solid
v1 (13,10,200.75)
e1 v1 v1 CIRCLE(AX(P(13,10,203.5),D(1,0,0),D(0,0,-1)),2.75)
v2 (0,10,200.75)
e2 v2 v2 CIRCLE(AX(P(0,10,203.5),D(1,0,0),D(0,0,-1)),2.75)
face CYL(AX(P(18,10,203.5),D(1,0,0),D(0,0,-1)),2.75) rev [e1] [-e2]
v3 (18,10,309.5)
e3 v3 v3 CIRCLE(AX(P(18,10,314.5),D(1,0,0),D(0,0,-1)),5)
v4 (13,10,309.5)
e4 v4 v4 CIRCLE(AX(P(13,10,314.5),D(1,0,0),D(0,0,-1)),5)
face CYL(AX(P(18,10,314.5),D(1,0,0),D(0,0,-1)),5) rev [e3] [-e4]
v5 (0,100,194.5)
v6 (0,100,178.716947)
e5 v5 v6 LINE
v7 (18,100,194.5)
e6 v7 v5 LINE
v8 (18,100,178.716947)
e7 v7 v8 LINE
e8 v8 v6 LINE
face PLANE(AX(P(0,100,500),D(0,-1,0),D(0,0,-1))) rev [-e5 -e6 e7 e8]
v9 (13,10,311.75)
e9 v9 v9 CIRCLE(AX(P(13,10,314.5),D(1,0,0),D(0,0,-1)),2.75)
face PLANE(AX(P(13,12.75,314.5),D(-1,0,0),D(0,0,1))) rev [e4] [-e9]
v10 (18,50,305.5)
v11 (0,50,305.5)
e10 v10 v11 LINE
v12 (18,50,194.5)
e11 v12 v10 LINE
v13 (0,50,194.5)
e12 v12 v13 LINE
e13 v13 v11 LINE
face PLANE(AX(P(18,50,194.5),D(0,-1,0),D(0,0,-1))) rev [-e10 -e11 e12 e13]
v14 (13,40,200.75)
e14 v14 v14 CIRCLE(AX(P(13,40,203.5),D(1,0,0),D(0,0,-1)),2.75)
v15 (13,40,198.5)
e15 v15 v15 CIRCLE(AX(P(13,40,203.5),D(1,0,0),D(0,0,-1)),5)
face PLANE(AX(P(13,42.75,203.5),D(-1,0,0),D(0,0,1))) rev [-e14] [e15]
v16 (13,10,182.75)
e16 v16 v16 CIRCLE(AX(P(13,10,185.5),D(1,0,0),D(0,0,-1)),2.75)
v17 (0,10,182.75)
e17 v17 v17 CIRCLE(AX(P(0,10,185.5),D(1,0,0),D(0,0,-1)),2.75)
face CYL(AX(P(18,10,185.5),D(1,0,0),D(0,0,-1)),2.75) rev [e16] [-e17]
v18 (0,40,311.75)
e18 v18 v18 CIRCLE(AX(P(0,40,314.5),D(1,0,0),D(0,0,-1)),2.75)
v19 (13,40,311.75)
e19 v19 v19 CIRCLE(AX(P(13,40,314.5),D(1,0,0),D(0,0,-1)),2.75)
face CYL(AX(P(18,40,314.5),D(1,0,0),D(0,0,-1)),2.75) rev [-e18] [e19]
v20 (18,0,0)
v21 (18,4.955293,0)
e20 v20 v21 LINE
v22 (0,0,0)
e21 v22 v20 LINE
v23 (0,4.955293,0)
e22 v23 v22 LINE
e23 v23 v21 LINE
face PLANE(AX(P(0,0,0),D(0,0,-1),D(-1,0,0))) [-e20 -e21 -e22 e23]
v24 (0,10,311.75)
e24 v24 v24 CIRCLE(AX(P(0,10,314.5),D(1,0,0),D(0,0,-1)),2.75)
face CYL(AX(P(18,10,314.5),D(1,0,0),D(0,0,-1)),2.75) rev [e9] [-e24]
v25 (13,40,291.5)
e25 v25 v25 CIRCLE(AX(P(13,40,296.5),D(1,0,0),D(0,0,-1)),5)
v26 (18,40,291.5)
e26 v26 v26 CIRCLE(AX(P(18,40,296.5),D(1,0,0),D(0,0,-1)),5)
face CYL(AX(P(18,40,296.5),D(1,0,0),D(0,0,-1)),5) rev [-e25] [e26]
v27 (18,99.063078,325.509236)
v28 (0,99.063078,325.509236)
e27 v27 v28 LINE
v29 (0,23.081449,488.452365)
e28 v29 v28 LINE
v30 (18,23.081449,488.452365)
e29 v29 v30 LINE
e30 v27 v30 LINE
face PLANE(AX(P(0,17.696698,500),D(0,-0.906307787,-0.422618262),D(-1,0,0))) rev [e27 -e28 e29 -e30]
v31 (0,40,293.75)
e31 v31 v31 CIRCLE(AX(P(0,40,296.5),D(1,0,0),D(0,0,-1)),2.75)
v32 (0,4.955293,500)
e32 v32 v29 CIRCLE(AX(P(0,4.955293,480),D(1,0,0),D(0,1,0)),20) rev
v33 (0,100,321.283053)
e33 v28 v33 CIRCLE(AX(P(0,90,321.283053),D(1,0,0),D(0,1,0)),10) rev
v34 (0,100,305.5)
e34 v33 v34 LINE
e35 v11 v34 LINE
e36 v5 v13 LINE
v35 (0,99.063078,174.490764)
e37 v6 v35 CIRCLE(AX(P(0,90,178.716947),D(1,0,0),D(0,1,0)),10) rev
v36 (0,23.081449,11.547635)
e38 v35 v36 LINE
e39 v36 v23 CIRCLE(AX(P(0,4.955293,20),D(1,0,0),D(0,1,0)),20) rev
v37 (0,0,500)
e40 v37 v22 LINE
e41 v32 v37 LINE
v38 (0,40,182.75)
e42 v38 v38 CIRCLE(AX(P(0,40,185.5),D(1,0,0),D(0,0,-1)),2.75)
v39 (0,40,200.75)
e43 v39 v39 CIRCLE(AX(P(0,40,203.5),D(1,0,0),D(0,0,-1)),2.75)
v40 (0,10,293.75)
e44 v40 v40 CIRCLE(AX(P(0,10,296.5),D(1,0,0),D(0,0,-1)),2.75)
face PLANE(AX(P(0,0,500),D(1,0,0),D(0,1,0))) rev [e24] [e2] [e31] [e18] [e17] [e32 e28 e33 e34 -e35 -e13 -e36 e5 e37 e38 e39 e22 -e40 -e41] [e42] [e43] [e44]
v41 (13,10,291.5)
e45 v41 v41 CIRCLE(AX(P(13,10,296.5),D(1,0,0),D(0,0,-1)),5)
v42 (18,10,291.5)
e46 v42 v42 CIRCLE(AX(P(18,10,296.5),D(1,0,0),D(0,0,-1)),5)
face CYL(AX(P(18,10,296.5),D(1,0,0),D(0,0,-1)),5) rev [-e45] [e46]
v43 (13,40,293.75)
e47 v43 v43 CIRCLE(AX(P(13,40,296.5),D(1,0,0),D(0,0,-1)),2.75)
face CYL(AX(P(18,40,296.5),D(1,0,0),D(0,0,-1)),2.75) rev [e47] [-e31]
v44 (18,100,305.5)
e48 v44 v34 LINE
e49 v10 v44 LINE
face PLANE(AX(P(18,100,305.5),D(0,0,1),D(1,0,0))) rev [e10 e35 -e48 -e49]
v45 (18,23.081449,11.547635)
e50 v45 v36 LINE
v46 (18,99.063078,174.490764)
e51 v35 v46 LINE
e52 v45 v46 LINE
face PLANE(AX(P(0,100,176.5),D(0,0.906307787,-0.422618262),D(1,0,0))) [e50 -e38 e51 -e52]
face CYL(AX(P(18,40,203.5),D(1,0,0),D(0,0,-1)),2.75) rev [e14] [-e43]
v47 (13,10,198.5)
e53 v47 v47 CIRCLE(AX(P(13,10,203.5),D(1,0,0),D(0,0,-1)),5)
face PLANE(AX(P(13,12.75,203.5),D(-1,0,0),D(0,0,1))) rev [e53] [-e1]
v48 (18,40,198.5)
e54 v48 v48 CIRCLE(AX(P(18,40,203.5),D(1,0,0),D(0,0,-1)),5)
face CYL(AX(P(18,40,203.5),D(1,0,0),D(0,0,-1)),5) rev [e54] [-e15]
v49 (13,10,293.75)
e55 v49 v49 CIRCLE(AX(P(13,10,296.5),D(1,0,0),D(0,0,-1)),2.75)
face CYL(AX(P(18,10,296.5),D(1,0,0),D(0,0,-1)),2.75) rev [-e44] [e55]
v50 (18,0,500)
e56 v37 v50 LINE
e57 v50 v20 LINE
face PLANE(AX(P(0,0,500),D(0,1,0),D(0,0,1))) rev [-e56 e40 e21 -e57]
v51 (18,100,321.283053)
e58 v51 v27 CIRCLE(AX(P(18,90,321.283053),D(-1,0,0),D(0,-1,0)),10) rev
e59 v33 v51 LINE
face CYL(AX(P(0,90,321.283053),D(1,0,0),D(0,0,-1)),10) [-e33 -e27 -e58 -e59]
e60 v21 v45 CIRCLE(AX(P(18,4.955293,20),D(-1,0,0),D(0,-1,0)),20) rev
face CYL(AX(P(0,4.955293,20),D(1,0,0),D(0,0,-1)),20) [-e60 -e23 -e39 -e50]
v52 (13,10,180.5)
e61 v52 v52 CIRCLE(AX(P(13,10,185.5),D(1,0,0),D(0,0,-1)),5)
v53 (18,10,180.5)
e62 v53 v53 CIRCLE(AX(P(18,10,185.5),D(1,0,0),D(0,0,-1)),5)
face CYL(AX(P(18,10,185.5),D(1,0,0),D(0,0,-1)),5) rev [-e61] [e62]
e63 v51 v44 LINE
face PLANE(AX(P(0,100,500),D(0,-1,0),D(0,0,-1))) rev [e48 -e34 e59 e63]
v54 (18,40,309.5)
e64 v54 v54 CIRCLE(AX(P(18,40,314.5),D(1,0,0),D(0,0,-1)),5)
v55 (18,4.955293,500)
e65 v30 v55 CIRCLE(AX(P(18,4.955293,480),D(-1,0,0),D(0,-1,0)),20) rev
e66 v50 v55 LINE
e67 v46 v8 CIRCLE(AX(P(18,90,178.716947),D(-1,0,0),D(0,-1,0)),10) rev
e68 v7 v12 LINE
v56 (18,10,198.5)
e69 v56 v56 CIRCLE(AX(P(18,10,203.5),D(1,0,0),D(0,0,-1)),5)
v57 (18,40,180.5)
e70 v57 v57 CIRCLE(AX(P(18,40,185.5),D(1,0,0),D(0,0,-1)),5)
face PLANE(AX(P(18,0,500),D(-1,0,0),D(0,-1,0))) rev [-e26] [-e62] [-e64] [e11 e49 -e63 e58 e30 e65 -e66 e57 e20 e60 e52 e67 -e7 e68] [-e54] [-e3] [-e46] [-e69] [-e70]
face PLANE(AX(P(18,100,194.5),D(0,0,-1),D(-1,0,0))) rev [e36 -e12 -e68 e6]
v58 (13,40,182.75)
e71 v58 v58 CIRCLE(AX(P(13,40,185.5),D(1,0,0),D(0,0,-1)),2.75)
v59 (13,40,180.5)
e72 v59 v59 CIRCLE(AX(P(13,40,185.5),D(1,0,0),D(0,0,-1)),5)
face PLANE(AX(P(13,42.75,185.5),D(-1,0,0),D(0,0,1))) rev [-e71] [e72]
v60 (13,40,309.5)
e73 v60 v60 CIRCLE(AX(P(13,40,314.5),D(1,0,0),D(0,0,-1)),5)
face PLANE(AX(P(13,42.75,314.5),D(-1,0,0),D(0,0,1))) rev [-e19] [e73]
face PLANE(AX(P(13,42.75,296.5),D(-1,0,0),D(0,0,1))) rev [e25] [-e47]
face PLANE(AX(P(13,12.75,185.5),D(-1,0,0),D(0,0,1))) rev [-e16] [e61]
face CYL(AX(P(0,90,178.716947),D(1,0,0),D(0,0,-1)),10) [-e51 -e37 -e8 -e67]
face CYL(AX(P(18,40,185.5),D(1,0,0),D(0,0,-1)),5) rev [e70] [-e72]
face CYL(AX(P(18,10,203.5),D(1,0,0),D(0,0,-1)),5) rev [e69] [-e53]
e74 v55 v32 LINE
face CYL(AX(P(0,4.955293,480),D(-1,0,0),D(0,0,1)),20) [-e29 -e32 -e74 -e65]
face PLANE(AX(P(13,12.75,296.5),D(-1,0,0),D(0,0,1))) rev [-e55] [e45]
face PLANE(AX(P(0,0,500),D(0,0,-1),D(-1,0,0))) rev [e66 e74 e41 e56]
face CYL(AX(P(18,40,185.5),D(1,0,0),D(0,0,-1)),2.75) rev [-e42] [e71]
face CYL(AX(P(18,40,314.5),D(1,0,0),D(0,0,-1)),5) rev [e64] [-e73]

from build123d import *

# Parameters (mm, degrees)
SKETCH1_W                               = 18
SKETCH1_H                               = 100
BASE_DEPTH                              = 500
SKETCH2_W                               = 111
SKETCH2_H                               = 50
LAP_JOINT_CUTOUT_DEPTH                  = 511.219560582
LAP_JOINT_BOLT_HOLE_PATTERN_D           = 5.5
LAP_JOINT_BOLT_HOLE_PATTERN_CBORE_D     = 10
LAP_JOINT_BOLT_HOLE_PATTERN_CBORE_DEPTH = 5
CHAMFER_FRONT_SIZE                      = 176.5
CHAMFER_FRONT_SIZE2                     = 82.303301664
CHAMFER_REAR_SIZE                       = 176.5
CHAMFER_REAR_SIZE2                      = 82.303301664
BREAK_CHAMFER_OUTER_CORNERS_R           = 20
CROSS_TIE_BOLT_HOLE_PATTERN_D           = 5.5
CROSS_TIE_BOLT_HOLE_PATTERN_CBORE_D     = 10
CROSS_TIE_BOLT_HOLE_PATTERN_CBORE_DEPTH = 5
FILLET1_R                               = 10


with BuildPart() as part:
    # Sketch1 → base (new body)
    with BuildSketch(Plane.XY):
        with Locations((9, 50)):
            Rectangle(SKETCH1_W, SKETCH1_H)
    extrude(amount=BASE_DEPTH)

    # Sketch2 → lap joint cutout (cut, through all)
    with BuildSketch(Plane.ZY):
        with Locations((250, 75)):
            Rectangle(SKETCH2_W, SKETCH2_H)
    extrude(amount=-LAP_JOINT_CUTOUT_DEPTH, mode=Mode.SUBTRACT)

    # lap joint bolt hole pattern (through all)
    with Locations(Plane(origin=(18, 0, 0), x_dir=(0, 0, -1), z_dir=(1, 0, 0))):
        with Locations((-296.5, 40), (-203.5, 10), (-296.5, 10), (-203.5, 40)):
            CounterBoreHole(LAP_JOINT_BOLT_HOLE_PATTERN_D / 2, LAP_JOINT_BOLT_HOLE_PATTERN_CBORE_D / 2, LAP_JOINT_BOLT_HOLE_PATTERN_CBORE_DEPTH)

    # chamfer front
    chamfer_front_edges = [part.edges().sort_by_distance(p)[0] for p in [
        (9, 100, 0),
    ]]
    chamfer_front_side = [part.faces().sort_by_distance(p)[0] for p in [
        (9, 100, 97.25),
    ]]
    chamfer(chamfer_front_edges, length=CHAMFER_FRONT_SIZE, length2=CHAMFER_FRONT_SIZE2, reference=chamfer_front_side[0])

    # chamfer rear
    chamfer_rear_edges = [part.edges().sort_by_distance(p)[0] for p in [
        (9, 100, 500),
    ]]
    chamfer_rear_side = [part.faces().sort_by_distance(p)[0] for p in [
        (9, 100, 402.75),
    ]]
    chamfer(chamfer_rear_edges, length=CHAMFER_REAR_SIZE, length2=CHAMFER_REAR_SIZE2, reference=chamfer_rear_side[0])

    # break chamfer outer corners
    break_chamfer_outer_corners_edges = [part.edges().sort_by_distance(p)[0] for p in [
        (9, 17.696698336, 0),
        (9, 17.696698336, 500),
    ]]
    fillet(break_chamfer_outer_corners_edges, radius=BREAK_CHAMFER_OUTER_CORNERS_R)

    # cross tie bolt hole pattern (through all)
    with Locations(Plane(origin=(18, 0, 0), x_dir=(0, 0, -1), z_dir=(1, 0, 0))):
        with Locations((-314.5, 40), (-314.5, 10)):
            cross_tie_bolt_hole_pattern = CounterBoreHole(CROSS_TIE_BOLT_HOLE_PATTERN_D / 2, CROSS_TIE_BOLT_HOLE_PATTERN_CBORE_D / 2, CROSS_TIE_BOLT_HOLE_PATTERN_CBORE_DEPTH)

    # mirror cross tie bolt hole pattern: cross tie bolt hole pattern across plane
    add(cross_tie_bolt_hole_pattern.mirror(Plane(origin=(0, 0, 250), x_dir=(1, 0, 0), z_dir=(0, 0, -1))), mode=Mode.SUBTRACT)

    # Fillet1
    fillet1_edges = [part.edges().sort_by_distance(p)[0] for p in [
        (9, 100, 176.5),
        (9, 100, 323.5),
    ]]
    fillet(fillet1_edges, radius=FILLET1_R)


solid = part.part
